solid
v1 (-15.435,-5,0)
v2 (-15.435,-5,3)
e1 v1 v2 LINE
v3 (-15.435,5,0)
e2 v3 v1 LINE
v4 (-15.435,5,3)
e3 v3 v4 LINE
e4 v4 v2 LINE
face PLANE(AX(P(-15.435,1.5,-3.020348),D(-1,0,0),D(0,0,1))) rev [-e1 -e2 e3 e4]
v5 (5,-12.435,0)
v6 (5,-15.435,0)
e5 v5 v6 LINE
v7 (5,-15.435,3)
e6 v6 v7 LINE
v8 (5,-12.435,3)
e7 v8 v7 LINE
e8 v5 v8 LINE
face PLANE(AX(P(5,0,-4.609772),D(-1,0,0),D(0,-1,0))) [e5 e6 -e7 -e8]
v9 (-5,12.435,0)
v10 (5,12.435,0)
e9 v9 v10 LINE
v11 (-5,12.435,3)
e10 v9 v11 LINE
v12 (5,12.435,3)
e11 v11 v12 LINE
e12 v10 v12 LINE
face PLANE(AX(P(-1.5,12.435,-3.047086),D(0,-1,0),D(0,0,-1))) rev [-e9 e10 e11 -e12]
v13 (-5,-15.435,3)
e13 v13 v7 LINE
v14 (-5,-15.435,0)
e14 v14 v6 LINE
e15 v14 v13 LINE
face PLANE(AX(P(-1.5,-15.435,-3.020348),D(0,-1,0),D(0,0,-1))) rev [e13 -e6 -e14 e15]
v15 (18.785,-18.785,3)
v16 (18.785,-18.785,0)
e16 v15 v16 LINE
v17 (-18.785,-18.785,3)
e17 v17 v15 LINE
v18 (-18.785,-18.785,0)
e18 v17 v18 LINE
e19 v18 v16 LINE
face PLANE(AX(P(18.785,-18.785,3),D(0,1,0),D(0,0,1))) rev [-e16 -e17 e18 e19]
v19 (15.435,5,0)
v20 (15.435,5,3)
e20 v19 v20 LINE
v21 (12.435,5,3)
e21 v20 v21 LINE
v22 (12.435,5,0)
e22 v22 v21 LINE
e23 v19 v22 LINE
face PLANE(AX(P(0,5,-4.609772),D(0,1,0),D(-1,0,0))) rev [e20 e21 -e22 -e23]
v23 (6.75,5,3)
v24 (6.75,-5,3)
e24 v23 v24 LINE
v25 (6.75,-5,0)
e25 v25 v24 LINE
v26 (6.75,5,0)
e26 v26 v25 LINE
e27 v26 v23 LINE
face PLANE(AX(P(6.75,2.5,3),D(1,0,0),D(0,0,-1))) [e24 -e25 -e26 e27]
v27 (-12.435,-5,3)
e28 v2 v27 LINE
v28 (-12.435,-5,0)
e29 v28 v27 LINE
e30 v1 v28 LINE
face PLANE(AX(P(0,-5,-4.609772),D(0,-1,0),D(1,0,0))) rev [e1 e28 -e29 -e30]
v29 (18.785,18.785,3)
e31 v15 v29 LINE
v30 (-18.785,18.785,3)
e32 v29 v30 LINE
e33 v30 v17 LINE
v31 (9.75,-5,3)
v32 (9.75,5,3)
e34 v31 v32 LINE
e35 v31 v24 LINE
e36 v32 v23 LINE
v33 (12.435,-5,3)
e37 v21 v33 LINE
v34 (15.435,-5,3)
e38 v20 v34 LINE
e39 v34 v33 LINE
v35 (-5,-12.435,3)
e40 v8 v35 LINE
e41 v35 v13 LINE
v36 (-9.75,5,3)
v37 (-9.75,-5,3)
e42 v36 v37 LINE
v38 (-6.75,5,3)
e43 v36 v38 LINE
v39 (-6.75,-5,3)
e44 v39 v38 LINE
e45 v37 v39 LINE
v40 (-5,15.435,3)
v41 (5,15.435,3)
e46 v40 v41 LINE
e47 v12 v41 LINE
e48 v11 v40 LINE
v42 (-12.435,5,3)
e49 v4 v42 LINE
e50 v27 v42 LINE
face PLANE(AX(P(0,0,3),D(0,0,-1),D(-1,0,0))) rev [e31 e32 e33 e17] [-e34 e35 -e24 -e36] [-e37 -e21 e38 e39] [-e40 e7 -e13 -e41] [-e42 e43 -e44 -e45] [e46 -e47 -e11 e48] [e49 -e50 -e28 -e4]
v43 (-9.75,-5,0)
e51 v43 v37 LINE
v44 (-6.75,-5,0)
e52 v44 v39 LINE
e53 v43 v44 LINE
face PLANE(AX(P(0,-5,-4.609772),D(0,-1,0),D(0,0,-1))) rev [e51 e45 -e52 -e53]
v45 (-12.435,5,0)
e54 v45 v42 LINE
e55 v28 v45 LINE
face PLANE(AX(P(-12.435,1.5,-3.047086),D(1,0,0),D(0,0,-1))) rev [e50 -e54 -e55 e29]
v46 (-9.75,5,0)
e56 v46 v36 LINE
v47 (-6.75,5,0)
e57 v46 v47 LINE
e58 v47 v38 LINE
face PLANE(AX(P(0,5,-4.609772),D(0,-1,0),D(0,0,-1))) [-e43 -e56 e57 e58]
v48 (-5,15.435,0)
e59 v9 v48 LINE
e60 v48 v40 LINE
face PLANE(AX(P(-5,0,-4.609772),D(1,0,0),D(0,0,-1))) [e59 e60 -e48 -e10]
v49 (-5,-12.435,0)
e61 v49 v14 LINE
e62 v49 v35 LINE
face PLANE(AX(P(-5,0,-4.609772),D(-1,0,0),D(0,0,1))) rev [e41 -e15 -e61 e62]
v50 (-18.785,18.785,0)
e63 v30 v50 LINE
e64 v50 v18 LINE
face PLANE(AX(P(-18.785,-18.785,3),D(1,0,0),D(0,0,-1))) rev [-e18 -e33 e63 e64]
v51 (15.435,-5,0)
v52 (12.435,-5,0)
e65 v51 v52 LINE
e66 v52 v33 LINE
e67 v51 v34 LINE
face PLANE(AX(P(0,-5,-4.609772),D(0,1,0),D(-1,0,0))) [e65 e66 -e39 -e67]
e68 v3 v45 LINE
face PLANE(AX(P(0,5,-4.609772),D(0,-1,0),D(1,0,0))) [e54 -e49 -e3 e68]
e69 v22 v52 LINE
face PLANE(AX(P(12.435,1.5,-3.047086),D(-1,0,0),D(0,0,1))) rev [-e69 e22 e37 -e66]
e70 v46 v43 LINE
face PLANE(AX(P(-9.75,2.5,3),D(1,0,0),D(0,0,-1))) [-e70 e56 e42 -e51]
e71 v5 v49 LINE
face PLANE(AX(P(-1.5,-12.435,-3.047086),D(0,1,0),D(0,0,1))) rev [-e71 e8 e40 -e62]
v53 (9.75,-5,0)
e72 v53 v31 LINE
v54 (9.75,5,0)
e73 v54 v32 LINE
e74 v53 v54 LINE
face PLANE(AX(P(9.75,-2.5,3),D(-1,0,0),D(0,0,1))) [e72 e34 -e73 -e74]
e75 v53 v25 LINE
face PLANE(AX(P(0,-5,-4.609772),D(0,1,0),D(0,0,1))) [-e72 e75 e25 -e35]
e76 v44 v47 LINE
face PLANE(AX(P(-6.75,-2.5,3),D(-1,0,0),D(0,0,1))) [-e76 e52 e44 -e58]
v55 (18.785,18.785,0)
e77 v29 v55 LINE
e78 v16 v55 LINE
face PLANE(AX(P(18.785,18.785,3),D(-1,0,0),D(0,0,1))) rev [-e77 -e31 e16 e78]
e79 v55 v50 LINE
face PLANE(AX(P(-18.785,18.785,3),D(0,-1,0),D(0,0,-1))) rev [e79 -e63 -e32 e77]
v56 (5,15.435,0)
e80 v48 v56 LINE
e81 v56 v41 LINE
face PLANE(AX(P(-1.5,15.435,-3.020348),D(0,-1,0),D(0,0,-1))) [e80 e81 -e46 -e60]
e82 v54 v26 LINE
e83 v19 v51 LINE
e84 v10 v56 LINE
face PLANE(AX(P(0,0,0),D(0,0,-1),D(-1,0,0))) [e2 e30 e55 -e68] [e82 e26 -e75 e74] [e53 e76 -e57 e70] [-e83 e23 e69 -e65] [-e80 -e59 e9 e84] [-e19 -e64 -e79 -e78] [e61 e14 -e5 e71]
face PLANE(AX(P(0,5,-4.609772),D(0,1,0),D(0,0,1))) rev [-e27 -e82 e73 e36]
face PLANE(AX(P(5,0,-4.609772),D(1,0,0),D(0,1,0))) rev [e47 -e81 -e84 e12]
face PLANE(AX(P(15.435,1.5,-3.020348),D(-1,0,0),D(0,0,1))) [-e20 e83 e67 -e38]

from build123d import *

# Parameters (mm, degrees)
SKETCH1_W                 = 37.57
SKETCH1_H                 = 37.57
SKETCH1_W_2               = 3
SKETCH1_H_2               = 3
SKETCH1_H_3               = 5
PLATE_THICKNESS_3MM_DEPTH = 3
SKETCH_1_W                = 3
SKETCH_1_H                = 0.35
SKETCH_1_W_2              = 0.35
SKETCH_1_H_2              = 3.026917622
SKETCH_1_H_3              = 3
CUT_EXTRUDE_1_DEPTH       = 3
SKETCH_1_2_W              = 0.35
SKETCH_1_2_H              = 3
SKETCH_1_2_W_2            = 3
SKETCH_1_2_H_2            = 0.35
EXTRUDE_1_DEPTH           = 3
SKETCH_2_W                = 3
SKETCH_2_H                = 3.5
SKETCH_2_H_2              = 2.5
SKETCH_2_W_2              = 3.5
SKETCH_2_H_3              = 3
CUT_EXTRUDE_2_DEPTH       = 3


with BuildPart() as part:
    # Sketch1 → Plate_thickness_3mm (new body)
    with BuildSketch(Plane.XY):
        Rectangle(SKETCH1_W, SKETCH1_H)
        with Locations((0, -14.285)):
            Rectangle(SKETCH1_W_2, SKETCH1_H_2, mode=Mode.SUBTRACT)
        with Locations((14.285, 0)):
            Rectangle(SKETCH1_W_2, SKETCH1_H_2, mode=Mode.SUBTRACT)
        with Locations((-14.285, 0)):
            Rectangle(SKETCH1_W_2, SKETCH1_H_2, mode=Mode.SUBTRACT)
        with Locations((-8.25, 0)):
            Rectangle(SKETCH1_W_2, SKETCH1_H_3, mode=Mode.SUBTRACT)
        with Locations((0, 14.285)):
            Rectangle(SKETCH1_W_2, SKETCH1_H_2, mode=Mode.SUBTRACT)
        with Locations((8.25, 0)):
            Rectangle(SKETCH1_W_2, SKETCH1_H_3, mode=Mode.SUBTRACT)
    extrude(amount=PLATE_THICKNESS_3MM_DEPTH)

    # 草图1 → 切除-拉伸1 (cut)
    with BuildSketch(Plane.XY.offset(3)):
        with Locations((0, 12.61)):
            Rectangle(SKETCH_1_W, SKETCH_1_H)
        with Locations((-12.61, -0.013458811)):
            Rectangle(SKETCH_1_W_2, SKETCH_1_H_2)
        with Locations((12.61, -0.013458811)):
            Rectangle(SKETCH_1_W_2, SKETCH_1_H_2)
        with Locations((0, -12.61)):
            Rectangle(SKETCH_1_W, SKETCH_1_H)
        with Locations((-15.61, 0)):
            Rectangle(SKETCH_1_W_2, SKETCH_1_H_3)
        with Locations((0, 15.61)):
            Rectangle(SKETCH_1_W, SKETCH_1_H)
        with Locations((15.61, 0)):
            Rectangle(SKETCH_1_W_2, SKETCH_1_H_3)
        with Locations((0, -15.61)):
            Rectangle(SKETCH_1_W, SKETCH_1_H)
    extrude(amount=-CUT_EXTRUDE_1_DEPTH, mode=Mode.SUBTRACT)

    # 草图1<2> → 凸台-拉伸1 (add)
    with BuildSketch(Plane.XY.offset(3)):
        with Locations((-15.61, 0)):
            Rectangle(SKETCH_1_2_W, SKETCH_1_2_H)
        with Locations((0, 15.61)):
            Rectangle(SKETCH_1_2_W_2, SKETCH_1_2_H_2)
        with Locations((15.61, 0)):
            Rectangle(SKETCH_1_2_W, SKETCH_1_2_H)
        with Locations((0, -15.61)):
            Rectangle(SKETCH_1_2_W_2, SKETCH_1_2_H_2)
    extrude(amount=-EXTRUDE_1_DEPTH)

    # 草图2 → 切除-拉伸2 (cut)
    with BuildSketch(Plane.XY.offset(3)):
        with Locations((-13.935, 3.25)):
            Rectangle(SKETCH_2_W, SKETCH_2_H)
        with Locations((-8.25, 3.75)):
            Rectangle(SKETCH_2_W, SKETCH_2_H_2)
        with Locations((-8.25, -3.75)):
            Rectangle(SKETCH_2_W, SKETCH_2_H_2)
        Polygon((-12.785, -1.5), (-15.435, -1.5), (-15.435, -5), (-12.435, -5), (-12.435, -1.526917622), (-12.785, -1.526917622), align=None)
        with Locations((-3.25, 13.935)):
            Rectangle(SKETCH_2_W_2, SKETCH_2_H_3)
        with Locations((3.25, 13.935)):
            Rectangle(SKETCH_2_W_2, SKETCH_2_H_3)
        with Locations((8.25, 3.75)):
            Rectangle(SKETCH_2_W, SKETCH_2_H_2)
        with Locations((13.935, 3.25)):
            Rectangle(SKETCH_2_W, SKETCH_2_H)
        Polygon((12.785, -1.526917622), (12.435, -1.526917622), (12.435, -5), (15.435, -5), (15.435, -1.5), (12.785, -1.5), align=None)
        with Locations((8.25, -3.75)):
            Rectangle(SKETCH_2_W, SKETCH_2_H_2)
        with Locations((3.25, -13.935)):
            Rectangle(SKETCH_2_W_2, SKETCH_2_H_3)
        with Locations((-3.25, -13.935)):
            Rectangle(SKETCH_2_W_2, SKETCH_2_H_3)
    extrude(amount=-CUT_EXTRUDE_2_DEPTH, mode=Mode.SUBTRACT)


solid = part.part
